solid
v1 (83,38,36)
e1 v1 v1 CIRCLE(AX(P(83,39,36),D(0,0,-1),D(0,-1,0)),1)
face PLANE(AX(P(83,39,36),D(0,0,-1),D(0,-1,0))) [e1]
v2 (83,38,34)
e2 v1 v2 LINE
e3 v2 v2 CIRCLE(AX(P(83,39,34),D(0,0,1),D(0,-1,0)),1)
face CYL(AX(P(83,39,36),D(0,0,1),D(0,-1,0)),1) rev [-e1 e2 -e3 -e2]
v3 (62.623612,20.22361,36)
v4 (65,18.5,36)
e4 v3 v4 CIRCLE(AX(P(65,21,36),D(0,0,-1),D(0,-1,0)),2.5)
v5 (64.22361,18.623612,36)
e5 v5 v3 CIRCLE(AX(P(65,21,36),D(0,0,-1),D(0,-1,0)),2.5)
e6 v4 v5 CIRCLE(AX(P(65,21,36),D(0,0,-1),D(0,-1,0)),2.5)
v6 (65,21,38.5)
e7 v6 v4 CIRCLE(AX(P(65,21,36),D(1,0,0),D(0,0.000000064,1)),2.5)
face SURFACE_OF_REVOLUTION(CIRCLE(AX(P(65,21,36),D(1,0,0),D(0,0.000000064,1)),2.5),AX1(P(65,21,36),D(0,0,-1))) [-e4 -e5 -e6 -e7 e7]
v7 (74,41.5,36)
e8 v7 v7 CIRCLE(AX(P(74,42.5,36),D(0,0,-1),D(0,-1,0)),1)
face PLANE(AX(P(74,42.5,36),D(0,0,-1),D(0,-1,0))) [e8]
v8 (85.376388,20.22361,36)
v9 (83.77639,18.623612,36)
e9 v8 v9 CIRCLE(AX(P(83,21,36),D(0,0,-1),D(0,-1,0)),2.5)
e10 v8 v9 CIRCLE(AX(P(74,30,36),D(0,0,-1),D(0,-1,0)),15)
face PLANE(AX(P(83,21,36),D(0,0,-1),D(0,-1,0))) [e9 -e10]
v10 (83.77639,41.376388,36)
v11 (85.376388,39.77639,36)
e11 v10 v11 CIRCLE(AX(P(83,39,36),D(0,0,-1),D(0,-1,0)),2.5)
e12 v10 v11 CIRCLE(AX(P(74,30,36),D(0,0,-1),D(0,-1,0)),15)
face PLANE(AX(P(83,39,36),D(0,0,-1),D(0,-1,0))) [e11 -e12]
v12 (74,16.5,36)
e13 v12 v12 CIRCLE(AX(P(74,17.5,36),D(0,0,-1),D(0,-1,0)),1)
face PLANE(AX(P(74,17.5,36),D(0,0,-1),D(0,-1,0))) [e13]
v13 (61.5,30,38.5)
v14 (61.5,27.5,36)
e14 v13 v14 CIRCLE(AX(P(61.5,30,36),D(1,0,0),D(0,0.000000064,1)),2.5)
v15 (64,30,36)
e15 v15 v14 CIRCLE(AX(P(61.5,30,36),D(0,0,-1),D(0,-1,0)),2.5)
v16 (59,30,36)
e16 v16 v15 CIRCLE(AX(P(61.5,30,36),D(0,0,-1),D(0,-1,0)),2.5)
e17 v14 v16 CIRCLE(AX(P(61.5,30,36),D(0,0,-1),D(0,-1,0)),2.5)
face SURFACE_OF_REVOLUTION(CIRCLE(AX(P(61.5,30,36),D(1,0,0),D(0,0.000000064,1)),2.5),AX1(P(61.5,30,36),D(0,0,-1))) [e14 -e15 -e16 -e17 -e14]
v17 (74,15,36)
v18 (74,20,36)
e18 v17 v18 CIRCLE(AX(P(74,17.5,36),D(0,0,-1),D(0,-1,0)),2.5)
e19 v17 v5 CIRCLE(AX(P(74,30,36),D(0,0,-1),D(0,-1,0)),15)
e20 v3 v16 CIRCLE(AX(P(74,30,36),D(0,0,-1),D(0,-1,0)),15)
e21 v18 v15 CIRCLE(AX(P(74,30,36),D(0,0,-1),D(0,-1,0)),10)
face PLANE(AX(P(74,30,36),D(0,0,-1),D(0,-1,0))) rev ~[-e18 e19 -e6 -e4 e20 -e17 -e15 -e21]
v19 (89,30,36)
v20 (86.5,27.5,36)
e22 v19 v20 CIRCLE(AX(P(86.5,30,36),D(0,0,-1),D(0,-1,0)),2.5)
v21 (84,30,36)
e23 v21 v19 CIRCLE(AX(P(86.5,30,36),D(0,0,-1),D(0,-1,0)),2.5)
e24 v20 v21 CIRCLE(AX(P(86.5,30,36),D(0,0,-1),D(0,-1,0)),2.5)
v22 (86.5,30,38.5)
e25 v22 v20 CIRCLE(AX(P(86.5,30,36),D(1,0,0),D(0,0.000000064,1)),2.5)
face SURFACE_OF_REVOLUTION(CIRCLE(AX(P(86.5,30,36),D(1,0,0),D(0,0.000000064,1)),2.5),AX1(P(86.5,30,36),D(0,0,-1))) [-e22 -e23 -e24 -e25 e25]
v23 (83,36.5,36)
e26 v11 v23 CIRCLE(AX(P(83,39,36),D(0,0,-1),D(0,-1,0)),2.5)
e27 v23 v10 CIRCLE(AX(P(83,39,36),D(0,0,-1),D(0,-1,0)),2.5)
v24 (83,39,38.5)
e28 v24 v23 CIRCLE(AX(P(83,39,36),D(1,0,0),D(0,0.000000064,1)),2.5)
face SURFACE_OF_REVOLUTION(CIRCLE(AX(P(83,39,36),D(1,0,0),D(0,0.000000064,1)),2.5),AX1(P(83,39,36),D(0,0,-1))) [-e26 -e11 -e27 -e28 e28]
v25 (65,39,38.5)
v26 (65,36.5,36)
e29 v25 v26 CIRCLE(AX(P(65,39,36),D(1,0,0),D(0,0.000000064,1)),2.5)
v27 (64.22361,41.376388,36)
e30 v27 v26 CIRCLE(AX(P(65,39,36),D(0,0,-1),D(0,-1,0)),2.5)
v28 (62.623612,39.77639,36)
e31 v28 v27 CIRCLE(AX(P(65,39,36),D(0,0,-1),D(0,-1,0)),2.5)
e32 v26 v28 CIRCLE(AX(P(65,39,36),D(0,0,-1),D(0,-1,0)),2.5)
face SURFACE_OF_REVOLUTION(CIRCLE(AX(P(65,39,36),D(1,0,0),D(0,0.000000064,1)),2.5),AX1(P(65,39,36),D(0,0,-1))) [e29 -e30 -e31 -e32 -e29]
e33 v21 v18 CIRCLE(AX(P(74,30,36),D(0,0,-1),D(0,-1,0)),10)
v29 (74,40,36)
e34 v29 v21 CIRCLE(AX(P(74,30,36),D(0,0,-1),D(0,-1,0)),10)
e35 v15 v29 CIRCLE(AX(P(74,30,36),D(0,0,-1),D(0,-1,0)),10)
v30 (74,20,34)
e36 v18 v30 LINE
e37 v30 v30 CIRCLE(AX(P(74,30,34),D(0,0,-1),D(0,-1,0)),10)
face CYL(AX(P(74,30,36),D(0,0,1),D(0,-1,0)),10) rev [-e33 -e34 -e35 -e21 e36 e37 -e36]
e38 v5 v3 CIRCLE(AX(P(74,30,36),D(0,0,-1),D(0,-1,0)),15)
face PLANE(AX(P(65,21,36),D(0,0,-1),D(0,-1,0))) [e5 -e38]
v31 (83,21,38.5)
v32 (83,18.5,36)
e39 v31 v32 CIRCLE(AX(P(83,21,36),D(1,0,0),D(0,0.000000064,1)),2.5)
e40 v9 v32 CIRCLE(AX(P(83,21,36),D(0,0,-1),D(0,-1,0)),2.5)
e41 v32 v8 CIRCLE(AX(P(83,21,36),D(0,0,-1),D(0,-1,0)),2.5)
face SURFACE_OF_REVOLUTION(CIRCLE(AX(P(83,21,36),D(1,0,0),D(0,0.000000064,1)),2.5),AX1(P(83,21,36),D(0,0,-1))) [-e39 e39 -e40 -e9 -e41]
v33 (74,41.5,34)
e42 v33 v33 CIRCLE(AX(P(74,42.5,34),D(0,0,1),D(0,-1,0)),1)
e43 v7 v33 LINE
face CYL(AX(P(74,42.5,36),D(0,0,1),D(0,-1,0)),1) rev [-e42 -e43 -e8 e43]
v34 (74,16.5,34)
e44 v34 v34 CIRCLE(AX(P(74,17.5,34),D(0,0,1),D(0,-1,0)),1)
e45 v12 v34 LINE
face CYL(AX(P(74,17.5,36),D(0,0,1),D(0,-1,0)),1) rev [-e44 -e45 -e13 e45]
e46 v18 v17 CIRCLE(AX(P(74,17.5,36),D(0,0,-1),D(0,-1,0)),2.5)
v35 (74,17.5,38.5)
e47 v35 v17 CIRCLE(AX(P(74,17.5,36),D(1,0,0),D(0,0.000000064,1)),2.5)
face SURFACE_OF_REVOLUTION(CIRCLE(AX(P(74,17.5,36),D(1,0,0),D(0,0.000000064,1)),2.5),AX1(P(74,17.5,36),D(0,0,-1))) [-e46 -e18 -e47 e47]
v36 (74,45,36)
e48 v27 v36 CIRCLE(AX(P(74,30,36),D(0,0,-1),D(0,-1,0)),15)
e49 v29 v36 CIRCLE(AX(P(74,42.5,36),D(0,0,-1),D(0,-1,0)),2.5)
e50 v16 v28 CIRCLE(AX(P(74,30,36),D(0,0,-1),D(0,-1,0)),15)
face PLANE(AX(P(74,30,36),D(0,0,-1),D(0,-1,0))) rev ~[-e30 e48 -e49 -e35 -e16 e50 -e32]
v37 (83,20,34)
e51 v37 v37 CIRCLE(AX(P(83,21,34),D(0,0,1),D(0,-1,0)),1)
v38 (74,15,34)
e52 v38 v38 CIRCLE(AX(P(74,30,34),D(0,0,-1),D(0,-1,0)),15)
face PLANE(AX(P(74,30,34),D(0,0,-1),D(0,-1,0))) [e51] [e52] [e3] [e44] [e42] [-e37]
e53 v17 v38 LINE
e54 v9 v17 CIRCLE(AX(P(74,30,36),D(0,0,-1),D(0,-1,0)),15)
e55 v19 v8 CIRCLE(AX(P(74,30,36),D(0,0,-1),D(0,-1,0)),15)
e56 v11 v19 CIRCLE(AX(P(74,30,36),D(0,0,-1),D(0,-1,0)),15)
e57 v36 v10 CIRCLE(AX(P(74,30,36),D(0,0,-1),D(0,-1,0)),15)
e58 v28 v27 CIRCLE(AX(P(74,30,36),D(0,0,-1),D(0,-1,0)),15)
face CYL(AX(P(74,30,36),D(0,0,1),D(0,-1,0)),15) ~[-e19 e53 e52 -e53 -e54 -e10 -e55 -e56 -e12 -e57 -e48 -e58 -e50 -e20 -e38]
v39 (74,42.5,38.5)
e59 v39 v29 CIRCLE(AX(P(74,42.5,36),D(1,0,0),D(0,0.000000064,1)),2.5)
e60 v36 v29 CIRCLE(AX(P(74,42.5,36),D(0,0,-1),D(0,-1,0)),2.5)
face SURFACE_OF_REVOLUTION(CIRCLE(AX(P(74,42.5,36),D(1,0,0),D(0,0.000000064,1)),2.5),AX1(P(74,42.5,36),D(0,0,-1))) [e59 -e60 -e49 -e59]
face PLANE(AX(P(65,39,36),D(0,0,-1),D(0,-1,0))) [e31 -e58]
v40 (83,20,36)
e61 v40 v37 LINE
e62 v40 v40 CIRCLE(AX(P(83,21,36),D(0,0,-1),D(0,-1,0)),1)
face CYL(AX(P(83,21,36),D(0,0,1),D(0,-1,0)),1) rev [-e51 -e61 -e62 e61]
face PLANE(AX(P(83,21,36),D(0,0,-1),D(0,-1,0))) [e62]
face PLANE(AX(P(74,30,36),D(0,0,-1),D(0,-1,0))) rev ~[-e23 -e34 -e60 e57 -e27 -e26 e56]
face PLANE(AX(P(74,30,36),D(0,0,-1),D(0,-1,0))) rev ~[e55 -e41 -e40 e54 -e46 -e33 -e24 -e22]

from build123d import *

# Parameters (mm, degrees)
CYLINDER003001001005001003001001_R     = 1
CYLINDER003001001005001003001001_DEPTH = 5
CYLINDER003001001001002001001_R        = 1
CYLINDER003001001001002001001_DEPTH    = 5
CYLINDER003001001005001004001_R        = 1
CYLINDER003001001005001004001_DEPTH    = 4
CYLINDER003001001001003001_R           = 1
CYLINDER003001001001003001_DEPTH       = 4
CYLINDER003001001003001001_R           = 10
CYLINDER003001001003001001_DEPTH       = 2
CYLINDER003001001003002_R              = 15
CYLINDER003001001003002_DEPTH          = 2
CUT002005_ROLL_ANGLE                   = 180
CUT002005_PLACEMENT_ANGLE              = -90


with BuildPart() as cylinder003001001005001003001001:
    # Cylinder003001001005001003001001 → Cylinder003001001005001003001001 (new body)
    with BuildSketch(Plane(origin=(-3, -3, 26), x_dir=(1, 0, 0), z_dir=(0, 0, 1))):
        Circle(CYLINDER003001001005001003001001_R)
    extrude(amount=CYLINDER003001001005001003001001_DEPTH)


with BuildPart() as cylinder003001001001002001001:
    # Cylinder003001001001002001001 → Cylinder003001001001002001001 (new body)
    with BuildSketch(Plane(origin=(15, -3, 26), x_dir=(1, 0, 0), z_dir=(0, 0, 1))):
        Circle(CYLINDER003001001001002001001_R)
    extrude(amount=CYLINDER003001001001002001001_DEPTH)


with BuildPart() as cylinder003001001005001004001:
    # Cylinder003001001005001004001 → Cylinder003001001005001004001 (new body)
    with BuildSketch(Plane(origin=(-6.5, 6, 26), x_dir=(1, 0, 0), z_dir=(0, 0, 1))):
        Circle(CYLINDER003001001005001004001_R)
    extrude(amount=CYLINDER003001001005001004001_DEPTH)


with BuildPart() as cylinder003001001001003001:
    # Cylinder003001001001003001 → Cylinder003001001001003001 (new body)
    with BuildSketch(Plane(origin=(18.5, 6, 26), x_dir=(1, 0, 0), z_dir=(0, 0, 1))):
        Circle(CYLINDER003001001001003001_R)
    extrude(amount=CYLINDER003001001001003001_DEPTH)


with BuildPart() as fusion013001:
    # Cylinder003001001003001001 → Cylinder003001001003001001 (new body)
    with BuildSketch(Plane(origin=(6, 6, 26), x_dir=(1, 0, 0), z_dir=(0, 0, 1))):
        Circle(CYLINDER003001001003001001_R)
    extrude(amount=CYLINDER003001001003001001_DEPTH)

    # Fusion013001: union Cylinder003001001005001003001001, Cylinder003001001001002001001, Cylinder003001001005001004001, Cylinder003001001001003001
    add(cylinder003001001005001003001001.part)
    add(cylinder003001001001002001001.part)
    add(cylinder003001001005001004001.part)
    add(cylinder003001001001003001.part)


with BuildPart() as cylinder003001001003002:
    # Cylinder003001001003002 → Cylinder003001001003002 (new body)
    with BuildSketch(Plane(origin=(6, 6, 26), x_dir=(1, 0, 0), z_dir=(0, 0, 1))):
        Circle(CYLINDER003001001003002_R)
    extrude(amount=CYLINDER003001001003002_DEPTH)


with BuildPart() as sphere001001001001001001001003:
    # Sphere001001001001001001005 → Sphere001001001001001001005 (revolve)
    with BuildSketch(Plane(origin=(-3, 15, 26), x_dir=(1, 0, 0), z_dir=(0, -1, 0))):
        with BuildLine():
            ThreePointArc((0, -2.5), (1.767767, -1.767767), (2.5, 0))
            Line((2.5, 0), (0, 0))
            Line((0, 0), (0, -2.5))
        make_face()
    revolve(axis=Axis((-3, 15, 26), (0, 0, 1)))


with BuildPart() as sphere001001001001001001001006:
    # Sphere001001001001001001008 → Sphere001001001001001001008 (revolve)
    with BuildSketch(Plane(origin=(6, -6.5, 26), x_dir=(1, 0, 0), z_dir=(0, -1, 0))):
        with BuildLine():
            ThreePointArc((0, -2.5), (1.767767, -1.767767), (2.5, 0))
            Line((2.5, 0), (0, 0))
            Line((0, 0), (0, -2.5))
        make_face()
    revolve(axis=Axis((6, -6.5, 26), (0, 0, 1)))


with BuildPart() as sphere001001001001001001001004:
    # Sphere001001001001001001006 → Sphere001001001001001001006 (revolve)
    with BuildSketch(Plane(origin=(-6.5, 6, 26), x_dir=(1, 0, 0), z_dir=(0, -1, 0))):
        with BuildLine():
            ThreePointArc((0, -2.5), (1.767767, -1.767767), (2.5, 0))
            Line((2.5, 0), (0, 0))
            Line((0, 0), (0, -2.5))
        make_face()
    revolve(axis=Axis((-6.5, 6, 26), (0, 0, 1)))


with BuildPart() as sphere001001001001001001003:
    # Sphere001001001001001001003 → Sphere001001001001001001003 (revolve)
    with BuildSketch(Plane(origin=(15, -3, 26), x_dir=(1, 0, 0), z_dir=(0, -1, 0))):
        with BuildLine():
            ThreePointArc((0, -2.5), (1.767767, -1.767767), (2.5, 0))
            Line((2.5, 0), (0, 0))
            Line((0, 0), (0, -2.5))
        make_face()
    revolve(axis=Axis((15, -3, 26), (0, 0, 1)))


with BuildPart() as sphere001001001001001001001002:
    # Sphere001001001001001001004 → Sphere001001001001001001004 (revolve)
    with BuildSketch(Plane(origin=(15, 15, 26), x_dir=(1, 0, 0), z_dir=(0, -1, 0))):
        with BuildLine():
            ThreePointArc((0, -2.5), (1.767767, -1.767767), (2.5, 0))
            Line((2.5, 0), (0, 0))
            Line((0, 0), (0, -2.5))
        make_face()
    revolve(axis=Axis((15, 15, 26), (0, 0, 1)))


with BuildPart() as sphere001001001001001001001007:
    # Sphere001001001001001001001001 → Sphere001001001001001001001001 (revolve)
    with BuildSketch(Plane(origin=(6, 18.5, 26), x_dir=(1, 0, 0), z_dir=(0, -1, 0))):
        with BuildLine():
            ThreePointArc((0, -2.5), (1.767767, -1.767767), (2.5, 0))
            Line((2.5, 0), (0, 0))
            Line((0, 0), (0, -2.5))
        make_face()
    revolve(axis=Axis((6, 18.5, 26), (0, 0, 1)))


with BuildPart() as sphere001001001001001001001005:
    # Sphere001001001001001001007 → Sphere001001001001001001007 (revolve)
    with BuildSketch(Plane(origin=(18.5, 6, 26), x_dir=(1, 0, 0), z_dir=(0, -1, 0))):
        with BuildLine():
            ThreePointArc((0, -2.5), (1.767767, -1.767767), (2.5, 0))
            Line((2.5, 0), (0, 0))
            Line((0, 0), (0, -2.5))
        make_face()
    revolve(axis=Axis((18.5, 6, 26), (0, 0, 1)))


with BuildPart() as guide2:
    # Sphere001001001001001001002 → Sphere001001001001001001002 (revolve)
    with BuildSketch(Plane(origin=(-3, -3, 26), x_dir=(1, 0, 0), z_dir=(0, -1, 0))):
        with BuildLine():
            ThreePointArc((0, -2.5), (1.767767, -1.767767), (2.5, 0))
            Line((2.5, 0), (0, 0))
            Line((0, 0), (0, -2.5))
        make_face()
    revolve(axis=Axis((-3, -3, 26), (0, 0, 1)))

    # Fusion014: union Cylinder003001001003002, Sphere001001001001001001001003, Sphere001001001001001001001006, Sphere001001001001001001001004, Sphere001001001001001001003, Sphere001001001001001001001002, Sphere001001001001001001001007, Sphere001001001001001001001005
    add(cylinder003001001003002.part)
    add(sphere001001001001001001001003.part)
    add(sphere001001001001001001001006.part)
    add(sphere001001001001001001001004.part)
    add(sphere001001001001001001003.part)
    add(sphere001001001001001001001002.part)
    add(sphere001001001001001001001007.part)
    add(sphere001001001001001001001005.part)

    # Cut002005: cut Fusion013001
    add(fusion013001.part, mode=Mode.SUBTRACT)


with BuildPart() as guide2_1:
    # Cut002005 roll: moved
    add(guide2.part.rotate(Axis((0, 0, 0), (1, 0, 0)), CUT002005_ROLL_ANGLE))


with BuildPart() as guide2_2:
    # Cut002005 placement: moved
    add(guide2_1.part.moved(Location((80, 36, 62))).rotate(Axis((80, 36, 62), (0, 0, 1)), CUT002005_PLACEMENT_ANGLE))


solid = guide2_2.part
